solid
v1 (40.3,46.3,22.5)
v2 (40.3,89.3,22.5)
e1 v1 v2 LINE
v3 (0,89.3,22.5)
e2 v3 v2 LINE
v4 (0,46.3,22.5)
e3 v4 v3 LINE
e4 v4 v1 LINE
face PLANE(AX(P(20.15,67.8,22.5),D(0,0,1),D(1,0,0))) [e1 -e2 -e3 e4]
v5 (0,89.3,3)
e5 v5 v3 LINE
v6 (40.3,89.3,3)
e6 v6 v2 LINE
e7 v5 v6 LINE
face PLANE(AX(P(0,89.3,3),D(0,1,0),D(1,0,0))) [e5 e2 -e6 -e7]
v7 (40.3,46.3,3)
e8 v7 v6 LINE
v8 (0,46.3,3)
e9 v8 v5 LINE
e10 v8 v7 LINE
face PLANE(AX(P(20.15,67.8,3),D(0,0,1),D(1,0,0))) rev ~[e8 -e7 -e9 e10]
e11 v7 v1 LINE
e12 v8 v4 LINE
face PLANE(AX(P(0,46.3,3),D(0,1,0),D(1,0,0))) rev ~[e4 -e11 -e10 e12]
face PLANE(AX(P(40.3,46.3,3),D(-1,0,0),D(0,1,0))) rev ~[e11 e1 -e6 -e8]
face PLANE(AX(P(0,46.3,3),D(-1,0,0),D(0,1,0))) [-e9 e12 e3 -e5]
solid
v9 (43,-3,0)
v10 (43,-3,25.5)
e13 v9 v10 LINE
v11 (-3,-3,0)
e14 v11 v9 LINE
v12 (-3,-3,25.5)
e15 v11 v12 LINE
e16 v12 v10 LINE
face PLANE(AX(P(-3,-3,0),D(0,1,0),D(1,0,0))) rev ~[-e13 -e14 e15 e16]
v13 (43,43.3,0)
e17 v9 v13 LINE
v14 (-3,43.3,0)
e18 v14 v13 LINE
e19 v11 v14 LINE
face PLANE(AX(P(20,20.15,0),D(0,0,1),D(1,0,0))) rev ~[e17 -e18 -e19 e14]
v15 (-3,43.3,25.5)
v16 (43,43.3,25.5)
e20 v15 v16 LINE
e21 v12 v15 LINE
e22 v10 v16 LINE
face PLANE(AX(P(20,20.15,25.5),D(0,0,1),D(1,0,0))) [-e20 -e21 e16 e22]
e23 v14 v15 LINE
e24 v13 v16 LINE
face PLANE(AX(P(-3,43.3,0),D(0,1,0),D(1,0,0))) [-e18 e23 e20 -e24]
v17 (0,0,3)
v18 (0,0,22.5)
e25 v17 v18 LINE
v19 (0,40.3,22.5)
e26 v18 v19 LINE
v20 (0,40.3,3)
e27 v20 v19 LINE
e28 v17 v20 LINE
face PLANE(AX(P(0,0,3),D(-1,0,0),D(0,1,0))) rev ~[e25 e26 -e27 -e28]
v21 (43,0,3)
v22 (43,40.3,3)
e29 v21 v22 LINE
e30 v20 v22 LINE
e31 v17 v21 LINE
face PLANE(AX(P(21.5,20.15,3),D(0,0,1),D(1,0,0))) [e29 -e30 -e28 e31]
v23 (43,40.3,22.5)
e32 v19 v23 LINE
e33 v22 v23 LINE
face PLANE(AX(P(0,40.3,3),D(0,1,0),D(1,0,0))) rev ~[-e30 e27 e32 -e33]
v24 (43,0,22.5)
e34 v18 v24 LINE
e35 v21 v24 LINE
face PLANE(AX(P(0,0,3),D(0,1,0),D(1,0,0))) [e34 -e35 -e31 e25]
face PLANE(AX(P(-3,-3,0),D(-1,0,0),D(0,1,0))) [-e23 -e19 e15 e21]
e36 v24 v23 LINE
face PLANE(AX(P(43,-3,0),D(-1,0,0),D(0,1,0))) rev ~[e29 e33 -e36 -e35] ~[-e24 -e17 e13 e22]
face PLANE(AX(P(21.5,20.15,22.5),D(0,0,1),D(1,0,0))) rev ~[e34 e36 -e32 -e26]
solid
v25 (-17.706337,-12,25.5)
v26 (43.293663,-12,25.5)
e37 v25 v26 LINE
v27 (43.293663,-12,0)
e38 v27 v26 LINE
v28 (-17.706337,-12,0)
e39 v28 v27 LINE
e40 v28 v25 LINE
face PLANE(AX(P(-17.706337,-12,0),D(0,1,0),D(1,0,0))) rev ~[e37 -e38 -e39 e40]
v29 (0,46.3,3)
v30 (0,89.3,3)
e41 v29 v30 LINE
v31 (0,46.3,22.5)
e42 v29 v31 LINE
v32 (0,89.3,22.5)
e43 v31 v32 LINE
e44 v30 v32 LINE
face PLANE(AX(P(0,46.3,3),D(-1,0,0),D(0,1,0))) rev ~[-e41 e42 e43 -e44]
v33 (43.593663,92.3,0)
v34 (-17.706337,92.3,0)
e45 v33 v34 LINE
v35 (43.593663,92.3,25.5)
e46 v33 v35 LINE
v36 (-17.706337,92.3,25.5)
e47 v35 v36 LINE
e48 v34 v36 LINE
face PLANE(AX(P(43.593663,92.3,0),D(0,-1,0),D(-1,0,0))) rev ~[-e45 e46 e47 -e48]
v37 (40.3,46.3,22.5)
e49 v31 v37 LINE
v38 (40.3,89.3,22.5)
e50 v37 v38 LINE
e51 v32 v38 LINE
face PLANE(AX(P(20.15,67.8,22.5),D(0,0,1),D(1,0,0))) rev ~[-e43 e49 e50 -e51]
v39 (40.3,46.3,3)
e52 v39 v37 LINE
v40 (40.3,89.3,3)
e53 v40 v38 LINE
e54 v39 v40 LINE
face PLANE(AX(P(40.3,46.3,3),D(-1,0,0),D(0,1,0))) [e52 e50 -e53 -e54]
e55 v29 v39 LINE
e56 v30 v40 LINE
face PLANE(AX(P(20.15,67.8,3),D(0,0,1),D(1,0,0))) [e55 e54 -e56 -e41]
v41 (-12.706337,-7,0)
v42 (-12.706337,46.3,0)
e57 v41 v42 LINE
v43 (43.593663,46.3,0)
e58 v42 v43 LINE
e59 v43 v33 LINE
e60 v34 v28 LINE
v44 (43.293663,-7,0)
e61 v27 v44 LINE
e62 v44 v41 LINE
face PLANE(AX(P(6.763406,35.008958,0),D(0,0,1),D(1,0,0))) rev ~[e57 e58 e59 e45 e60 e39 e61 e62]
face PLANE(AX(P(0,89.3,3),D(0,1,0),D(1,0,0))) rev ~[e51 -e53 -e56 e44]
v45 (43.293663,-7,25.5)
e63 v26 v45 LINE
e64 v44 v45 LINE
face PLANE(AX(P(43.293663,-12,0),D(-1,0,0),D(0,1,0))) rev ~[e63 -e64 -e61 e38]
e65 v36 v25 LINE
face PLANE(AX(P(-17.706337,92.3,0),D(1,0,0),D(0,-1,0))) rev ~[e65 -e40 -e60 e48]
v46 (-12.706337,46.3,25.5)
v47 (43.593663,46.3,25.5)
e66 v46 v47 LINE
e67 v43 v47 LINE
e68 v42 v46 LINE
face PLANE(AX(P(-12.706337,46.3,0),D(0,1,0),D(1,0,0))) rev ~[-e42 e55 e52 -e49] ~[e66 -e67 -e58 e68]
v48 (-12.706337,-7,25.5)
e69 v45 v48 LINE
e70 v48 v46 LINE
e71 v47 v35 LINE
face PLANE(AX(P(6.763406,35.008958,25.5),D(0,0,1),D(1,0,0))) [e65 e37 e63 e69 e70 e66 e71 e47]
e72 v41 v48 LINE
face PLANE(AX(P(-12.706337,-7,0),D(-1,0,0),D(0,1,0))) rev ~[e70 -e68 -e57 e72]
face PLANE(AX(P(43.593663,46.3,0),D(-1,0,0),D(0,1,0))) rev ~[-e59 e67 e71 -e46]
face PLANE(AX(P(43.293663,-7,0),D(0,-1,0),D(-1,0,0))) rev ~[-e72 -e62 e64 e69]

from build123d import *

# Parameters (mm, degrees)
SKETCH001_W     = 46
SKETCH001_H     = 46.3
PAD_DEPTH       = 25.5
SKETCH_W        = 43
SKETCH_H        = 40.3
POCKET_DEPTH    = 19.5
SKETCH002_W     = 40.3
SKETCH002_H     = 43
PAD001_DEPTH    = 19.5
PAD002_DEPTH    = 25.5
SKETCH004_W     = 40.3
SKETCH004_H     = 43
POCKET001_DEPTH = 19.5


with BuildPart() as femurbody:
    # Sketch001 → Pad (new body)
    with BuildSketch(Plane.XY):
        with Locations((20, 20.15)):
            Rectangle(SKETCH001_W, SKETCH001_H)
    extrude(amount=PAD_DEPTH)

    # Sketch → Pocket (cut)
    with BuildSketch(Plane.XY.offset(3)):
        with Locations((21.5, 20.15)):
            Rectangle(SKETCH_W, SKETCH_H)
    extrude(amount=POCKET_DEPTH, mode=Mode.SUBTRACT)


with BuildPart() as hipservobody:
    # Sketch002 → Pad001 (new body)
    with BuildSketch(Plane.XY):
        with Locations((20.15, 67.8)):
            Rectangle(SKETCH002_W, SKETCH002_H)
    extrude(amount=PAD001_DEPTH)


with BuildPart() as hipservobody_1:
    # Body001 placement: moved
    add(hipservobody.part.moved(Location((0, 0, 3))))


with BuildPart() as body002:
    # Sketch003 → Pad002 (new body)
    with BuildSketch(Plane.XY):
        Polygon((43.593663, 46.3), (43.593663, 92.3), (-17.706337, 92.3), (-17.706337, -12), (43.293663, -12), (43.293663, -7), (-12.706337, -7), (-12.706337, 46.3), align=None)
    extrude(amount=PAD002_DEPTH)

    # Sketch004 → Pocket001 (cut)
    with BuildSketch(Plane.XY.offset(3)):
        with Locations((20.15, 67.8)):
            Rectangle(SKETCH004_W, SKETCH004_H)
    extrude(amount=POCKET001_DEPTH, mode=Mode.SUBTRACT)


solid = Compound([femurbody.part, hipservobody_1.part, body002.part])
